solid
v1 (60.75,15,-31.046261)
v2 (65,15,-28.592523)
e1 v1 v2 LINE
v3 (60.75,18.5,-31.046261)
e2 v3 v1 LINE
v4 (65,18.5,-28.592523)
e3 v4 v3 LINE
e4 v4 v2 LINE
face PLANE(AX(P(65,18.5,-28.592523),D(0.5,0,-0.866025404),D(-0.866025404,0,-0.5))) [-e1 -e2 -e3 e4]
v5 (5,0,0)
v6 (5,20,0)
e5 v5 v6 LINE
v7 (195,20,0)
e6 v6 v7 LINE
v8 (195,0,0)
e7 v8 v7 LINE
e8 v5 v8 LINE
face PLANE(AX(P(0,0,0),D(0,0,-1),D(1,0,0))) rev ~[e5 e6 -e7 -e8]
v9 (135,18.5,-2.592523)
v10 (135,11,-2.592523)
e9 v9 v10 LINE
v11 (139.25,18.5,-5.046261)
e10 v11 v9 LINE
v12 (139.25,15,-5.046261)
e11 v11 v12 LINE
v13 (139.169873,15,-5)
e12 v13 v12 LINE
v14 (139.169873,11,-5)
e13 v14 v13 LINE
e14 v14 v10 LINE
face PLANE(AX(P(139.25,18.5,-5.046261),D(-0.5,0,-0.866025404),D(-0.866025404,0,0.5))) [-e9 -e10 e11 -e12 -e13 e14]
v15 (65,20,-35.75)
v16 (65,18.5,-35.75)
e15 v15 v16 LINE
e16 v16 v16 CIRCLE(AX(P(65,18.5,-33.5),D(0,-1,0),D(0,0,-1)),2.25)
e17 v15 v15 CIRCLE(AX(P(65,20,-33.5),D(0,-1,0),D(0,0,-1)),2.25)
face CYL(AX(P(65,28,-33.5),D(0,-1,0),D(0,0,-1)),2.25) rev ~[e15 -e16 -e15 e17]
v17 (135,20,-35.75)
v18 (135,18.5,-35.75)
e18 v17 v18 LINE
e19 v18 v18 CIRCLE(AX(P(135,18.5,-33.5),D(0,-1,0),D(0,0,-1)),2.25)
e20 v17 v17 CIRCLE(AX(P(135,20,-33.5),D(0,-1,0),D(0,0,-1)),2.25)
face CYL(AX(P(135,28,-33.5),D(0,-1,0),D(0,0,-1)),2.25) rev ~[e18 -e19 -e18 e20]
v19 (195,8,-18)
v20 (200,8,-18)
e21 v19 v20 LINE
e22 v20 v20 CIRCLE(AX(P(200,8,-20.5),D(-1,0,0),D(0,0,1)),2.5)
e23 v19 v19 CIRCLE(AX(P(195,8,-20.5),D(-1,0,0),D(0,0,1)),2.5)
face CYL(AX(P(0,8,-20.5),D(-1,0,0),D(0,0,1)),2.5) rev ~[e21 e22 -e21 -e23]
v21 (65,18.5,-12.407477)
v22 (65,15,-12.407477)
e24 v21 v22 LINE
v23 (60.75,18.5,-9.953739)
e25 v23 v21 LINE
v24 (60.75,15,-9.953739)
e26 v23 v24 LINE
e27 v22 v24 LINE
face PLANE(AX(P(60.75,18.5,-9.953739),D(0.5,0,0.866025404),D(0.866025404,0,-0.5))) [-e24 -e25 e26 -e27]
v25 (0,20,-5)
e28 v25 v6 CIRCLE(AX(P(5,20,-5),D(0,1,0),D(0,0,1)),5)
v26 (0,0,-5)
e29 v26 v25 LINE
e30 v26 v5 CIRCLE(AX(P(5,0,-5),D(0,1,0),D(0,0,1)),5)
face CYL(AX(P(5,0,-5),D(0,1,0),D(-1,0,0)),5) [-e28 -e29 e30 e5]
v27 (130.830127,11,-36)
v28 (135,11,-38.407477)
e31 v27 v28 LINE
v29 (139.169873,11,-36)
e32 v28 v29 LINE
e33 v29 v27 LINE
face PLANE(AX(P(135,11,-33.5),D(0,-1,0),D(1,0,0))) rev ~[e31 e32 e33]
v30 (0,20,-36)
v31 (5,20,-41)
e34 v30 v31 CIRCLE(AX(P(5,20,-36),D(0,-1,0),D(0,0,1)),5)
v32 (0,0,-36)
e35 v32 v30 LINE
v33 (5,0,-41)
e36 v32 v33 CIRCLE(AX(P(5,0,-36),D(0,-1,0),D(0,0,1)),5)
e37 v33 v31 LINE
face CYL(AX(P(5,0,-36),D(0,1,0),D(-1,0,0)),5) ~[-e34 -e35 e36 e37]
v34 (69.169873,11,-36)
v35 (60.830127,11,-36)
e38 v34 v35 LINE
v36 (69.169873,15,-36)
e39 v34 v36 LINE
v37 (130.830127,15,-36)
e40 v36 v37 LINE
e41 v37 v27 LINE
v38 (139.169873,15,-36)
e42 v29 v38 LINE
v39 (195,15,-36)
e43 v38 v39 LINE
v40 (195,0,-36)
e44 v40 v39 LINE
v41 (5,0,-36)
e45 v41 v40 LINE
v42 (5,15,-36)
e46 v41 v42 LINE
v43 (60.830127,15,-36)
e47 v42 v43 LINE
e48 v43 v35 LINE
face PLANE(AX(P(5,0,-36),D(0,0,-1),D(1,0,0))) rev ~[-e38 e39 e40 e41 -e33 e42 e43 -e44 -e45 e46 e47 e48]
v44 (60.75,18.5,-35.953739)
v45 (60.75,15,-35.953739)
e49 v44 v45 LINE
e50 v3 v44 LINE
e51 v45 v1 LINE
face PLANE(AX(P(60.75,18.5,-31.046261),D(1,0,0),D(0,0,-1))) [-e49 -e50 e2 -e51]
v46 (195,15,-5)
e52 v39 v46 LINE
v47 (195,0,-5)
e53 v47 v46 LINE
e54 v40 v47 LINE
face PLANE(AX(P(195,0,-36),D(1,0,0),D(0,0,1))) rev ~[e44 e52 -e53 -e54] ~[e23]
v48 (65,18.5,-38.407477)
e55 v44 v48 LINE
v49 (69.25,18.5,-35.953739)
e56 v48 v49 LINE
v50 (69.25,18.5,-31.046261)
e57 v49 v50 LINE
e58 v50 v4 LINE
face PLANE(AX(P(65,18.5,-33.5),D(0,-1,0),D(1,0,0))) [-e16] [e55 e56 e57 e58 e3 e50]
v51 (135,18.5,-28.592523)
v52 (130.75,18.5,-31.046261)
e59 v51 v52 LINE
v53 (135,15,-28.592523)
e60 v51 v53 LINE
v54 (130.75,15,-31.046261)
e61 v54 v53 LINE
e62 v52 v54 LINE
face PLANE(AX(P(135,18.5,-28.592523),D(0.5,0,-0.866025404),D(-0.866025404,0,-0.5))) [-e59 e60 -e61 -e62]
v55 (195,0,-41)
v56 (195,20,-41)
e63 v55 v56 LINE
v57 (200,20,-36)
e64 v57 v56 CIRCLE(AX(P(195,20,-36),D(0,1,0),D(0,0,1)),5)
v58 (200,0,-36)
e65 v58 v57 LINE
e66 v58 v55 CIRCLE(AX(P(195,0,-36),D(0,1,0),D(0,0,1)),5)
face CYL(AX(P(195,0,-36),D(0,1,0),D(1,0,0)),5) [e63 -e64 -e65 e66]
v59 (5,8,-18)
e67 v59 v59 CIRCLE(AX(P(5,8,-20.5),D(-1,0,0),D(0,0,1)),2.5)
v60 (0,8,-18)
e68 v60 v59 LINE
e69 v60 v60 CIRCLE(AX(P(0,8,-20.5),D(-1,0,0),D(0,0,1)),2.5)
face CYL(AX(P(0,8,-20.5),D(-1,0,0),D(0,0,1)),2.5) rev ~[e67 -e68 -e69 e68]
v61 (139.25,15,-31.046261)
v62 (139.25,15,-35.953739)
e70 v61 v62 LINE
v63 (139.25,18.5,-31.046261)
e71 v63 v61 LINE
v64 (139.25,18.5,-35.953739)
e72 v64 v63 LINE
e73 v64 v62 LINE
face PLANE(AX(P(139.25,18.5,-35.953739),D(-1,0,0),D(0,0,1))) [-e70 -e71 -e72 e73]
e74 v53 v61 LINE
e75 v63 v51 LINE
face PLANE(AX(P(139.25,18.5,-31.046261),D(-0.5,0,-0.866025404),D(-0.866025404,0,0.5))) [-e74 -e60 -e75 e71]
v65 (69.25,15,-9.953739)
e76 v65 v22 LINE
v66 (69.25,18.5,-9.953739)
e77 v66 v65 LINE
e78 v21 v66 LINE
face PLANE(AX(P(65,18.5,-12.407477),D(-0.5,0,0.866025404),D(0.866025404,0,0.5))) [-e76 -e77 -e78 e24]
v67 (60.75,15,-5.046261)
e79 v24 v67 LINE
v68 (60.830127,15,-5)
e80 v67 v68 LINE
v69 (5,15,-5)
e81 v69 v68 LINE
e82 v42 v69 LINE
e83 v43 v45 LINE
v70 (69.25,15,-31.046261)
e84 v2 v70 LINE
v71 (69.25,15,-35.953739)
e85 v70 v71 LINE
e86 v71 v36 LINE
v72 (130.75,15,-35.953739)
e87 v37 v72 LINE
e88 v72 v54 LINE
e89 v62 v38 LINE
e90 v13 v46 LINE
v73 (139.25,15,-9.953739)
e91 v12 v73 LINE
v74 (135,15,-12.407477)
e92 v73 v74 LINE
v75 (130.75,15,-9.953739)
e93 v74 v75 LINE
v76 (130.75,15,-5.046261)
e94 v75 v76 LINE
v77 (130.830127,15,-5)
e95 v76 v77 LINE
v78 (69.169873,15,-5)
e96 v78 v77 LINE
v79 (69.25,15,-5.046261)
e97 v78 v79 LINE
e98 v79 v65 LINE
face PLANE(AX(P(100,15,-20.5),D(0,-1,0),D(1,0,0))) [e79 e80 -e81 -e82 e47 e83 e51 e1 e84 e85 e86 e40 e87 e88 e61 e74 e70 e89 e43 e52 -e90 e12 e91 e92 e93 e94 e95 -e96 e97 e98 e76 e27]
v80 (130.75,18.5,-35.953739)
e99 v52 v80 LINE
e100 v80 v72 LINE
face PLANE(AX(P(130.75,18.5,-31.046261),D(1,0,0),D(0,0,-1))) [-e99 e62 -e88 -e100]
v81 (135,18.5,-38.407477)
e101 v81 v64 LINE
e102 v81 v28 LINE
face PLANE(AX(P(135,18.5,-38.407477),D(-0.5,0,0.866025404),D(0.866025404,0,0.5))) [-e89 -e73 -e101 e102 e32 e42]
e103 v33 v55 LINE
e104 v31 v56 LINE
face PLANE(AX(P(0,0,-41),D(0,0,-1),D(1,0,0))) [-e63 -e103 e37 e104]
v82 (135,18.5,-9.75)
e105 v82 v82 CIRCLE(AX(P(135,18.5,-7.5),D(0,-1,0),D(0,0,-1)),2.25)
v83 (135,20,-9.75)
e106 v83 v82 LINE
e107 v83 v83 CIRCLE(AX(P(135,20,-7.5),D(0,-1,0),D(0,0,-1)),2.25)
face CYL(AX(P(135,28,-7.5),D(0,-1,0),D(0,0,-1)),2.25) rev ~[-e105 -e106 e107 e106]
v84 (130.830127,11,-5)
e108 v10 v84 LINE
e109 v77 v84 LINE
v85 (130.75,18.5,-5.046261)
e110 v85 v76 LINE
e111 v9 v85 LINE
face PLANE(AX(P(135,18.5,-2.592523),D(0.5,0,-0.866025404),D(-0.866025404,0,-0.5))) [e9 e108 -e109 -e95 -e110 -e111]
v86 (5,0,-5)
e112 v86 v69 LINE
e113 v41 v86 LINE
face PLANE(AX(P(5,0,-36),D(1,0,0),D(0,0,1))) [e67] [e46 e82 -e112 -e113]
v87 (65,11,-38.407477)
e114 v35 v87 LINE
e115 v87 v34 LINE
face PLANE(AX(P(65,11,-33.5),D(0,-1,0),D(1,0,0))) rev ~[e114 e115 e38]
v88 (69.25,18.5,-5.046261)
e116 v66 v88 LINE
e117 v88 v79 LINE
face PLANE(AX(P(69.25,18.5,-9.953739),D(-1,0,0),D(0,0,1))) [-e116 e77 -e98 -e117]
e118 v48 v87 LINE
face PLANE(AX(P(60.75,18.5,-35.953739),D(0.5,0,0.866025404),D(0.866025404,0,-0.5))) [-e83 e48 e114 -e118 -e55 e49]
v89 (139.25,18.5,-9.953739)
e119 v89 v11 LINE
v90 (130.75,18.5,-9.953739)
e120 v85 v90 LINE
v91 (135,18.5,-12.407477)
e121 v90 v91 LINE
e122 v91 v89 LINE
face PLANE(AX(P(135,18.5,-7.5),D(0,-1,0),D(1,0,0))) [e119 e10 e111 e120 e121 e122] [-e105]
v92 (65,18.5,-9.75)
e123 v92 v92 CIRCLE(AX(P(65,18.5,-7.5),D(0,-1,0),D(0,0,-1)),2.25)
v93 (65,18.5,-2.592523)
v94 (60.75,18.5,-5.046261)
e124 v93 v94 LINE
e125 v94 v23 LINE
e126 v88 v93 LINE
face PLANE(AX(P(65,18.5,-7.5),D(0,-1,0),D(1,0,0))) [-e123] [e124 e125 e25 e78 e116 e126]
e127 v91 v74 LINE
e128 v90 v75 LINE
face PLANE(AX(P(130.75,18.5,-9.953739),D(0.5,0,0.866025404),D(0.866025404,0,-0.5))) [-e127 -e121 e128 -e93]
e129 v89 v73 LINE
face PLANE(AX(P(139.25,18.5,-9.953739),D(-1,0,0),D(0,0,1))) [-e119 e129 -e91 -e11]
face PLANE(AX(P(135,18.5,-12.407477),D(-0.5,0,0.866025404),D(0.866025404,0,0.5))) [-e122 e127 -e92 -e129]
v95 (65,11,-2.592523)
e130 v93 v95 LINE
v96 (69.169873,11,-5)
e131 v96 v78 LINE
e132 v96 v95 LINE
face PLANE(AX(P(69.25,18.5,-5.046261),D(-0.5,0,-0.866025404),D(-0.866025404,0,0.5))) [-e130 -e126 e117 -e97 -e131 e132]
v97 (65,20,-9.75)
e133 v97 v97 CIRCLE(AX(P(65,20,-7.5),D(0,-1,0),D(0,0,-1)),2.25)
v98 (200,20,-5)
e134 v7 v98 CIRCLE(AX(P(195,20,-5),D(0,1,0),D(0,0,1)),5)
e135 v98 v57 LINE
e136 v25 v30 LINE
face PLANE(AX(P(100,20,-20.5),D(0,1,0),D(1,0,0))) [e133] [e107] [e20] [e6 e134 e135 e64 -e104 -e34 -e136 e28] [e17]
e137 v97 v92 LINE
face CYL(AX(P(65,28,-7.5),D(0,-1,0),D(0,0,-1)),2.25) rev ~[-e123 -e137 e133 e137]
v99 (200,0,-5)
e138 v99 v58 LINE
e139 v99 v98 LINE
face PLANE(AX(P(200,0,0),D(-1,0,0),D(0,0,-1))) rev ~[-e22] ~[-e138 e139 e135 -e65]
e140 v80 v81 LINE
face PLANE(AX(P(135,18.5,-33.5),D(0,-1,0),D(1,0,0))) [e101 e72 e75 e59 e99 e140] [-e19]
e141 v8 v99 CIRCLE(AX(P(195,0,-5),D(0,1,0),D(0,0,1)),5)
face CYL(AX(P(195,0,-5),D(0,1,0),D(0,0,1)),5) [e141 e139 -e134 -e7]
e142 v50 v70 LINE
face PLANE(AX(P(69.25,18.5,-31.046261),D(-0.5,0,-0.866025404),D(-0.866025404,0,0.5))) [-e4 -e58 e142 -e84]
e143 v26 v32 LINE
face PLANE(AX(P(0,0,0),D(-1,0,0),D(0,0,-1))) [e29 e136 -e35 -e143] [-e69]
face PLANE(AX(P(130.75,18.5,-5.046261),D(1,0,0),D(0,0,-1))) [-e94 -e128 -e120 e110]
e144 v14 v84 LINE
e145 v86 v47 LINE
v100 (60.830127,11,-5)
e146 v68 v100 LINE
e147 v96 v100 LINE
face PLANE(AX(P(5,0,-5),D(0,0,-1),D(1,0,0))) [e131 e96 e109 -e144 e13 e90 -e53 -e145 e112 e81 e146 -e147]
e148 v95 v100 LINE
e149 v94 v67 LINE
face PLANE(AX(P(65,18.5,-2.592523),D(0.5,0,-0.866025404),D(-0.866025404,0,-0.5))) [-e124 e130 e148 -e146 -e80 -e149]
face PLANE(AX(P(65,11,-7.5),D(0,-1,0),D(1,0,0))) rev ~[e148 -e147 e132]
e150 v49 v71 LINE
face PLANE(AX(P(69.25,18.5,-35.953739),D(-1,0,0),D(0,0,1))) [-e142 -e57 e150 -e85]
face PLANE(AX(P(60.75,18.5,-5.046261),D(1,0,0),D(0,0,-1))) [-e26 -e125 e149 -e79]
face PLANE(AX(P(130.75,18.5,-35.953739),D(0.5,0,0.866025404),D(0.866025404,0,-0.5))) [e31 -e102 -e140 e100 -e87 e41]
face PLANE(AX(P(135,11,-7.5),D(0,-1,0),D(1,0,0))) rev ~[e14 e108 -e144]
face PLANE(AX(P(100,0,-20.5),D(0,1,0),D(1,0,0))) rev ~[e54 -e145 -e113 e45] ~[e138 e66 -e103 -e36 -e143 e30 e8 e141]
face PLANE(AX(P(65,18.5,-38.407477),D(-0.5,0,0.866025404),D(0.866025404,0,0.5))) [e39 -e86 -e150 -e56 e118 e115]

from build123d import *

# Parameters (mm, degrees)
SKETCH1_W                = 200
SKETCH1_H                = 41
BOSS_EXTRUDE1_DEPTH      = 20
FILLET1_R                = 5
SKETCH4_R                = 2.5
CUT_EXTRUDE1_DEPTH       = 206.136539895
SKETCH5_W                = 190
SKETCH5_H                = 31
CUT_EXTRUDE2_DEPTH       = 15
M4_CLEARANCE_HOLE1_D     = 4.5
M4_CLEARANCE_HOLE1_DEPTH = 8
M4_CLEARANCE_HOLE1_TIP   = 1.351936393
CUT_EXTRUDE3_START       = -3.5
CUT_EXTRUDE3_DEPTH       = 7.5
LPATTERN1_COUNT          = 2
LPATTERN1_PITCH          = 70
LPATTERN1_COUNT_DIR2     = 2
LPATTERN1_PITCH_DIR2     = 26


with BuildPart() as part:
    # Sketch1 → Boss-Extrude1 (new body)
    with BuildSketch(Plane(origin=(0, 0, 0), x_dir=(1, 0, 0), z_dir=(0, 1, 0))):
        with Locations((100, 20.5)):
            Rectangle(SKETCH1_W, SKETCH1_H)
    extrude(amount=BOSS_EXTRUDE1_DEPTH)

    # Fillet1
    fillet1_edges = [part.edges().sort_by_distance(p)[0] for p in [
        (0, 10, -41),
        (200, 10, -41),
        (200, 10, 0),
        (0, 10, 0),
    ]]
    fillet(fillet1_edges, radius=FILLET1_R)

    # Sketch4 → Cut-Extrude1 (cut, through all)
    with BuildSketch(Plane.ZY):
        with Locations((-20.5, 8)):
            Circle(SKETCH4_R)
    extrude(amount=-CUT_EXTRUDE1_DEPTH, mode=Mode.SUBTRACT)

    # Sketch5 → Cut-Extrude2 (cut)
    with BuildSketch(Plane.XZ):
        with Locations((100, -20.5)):
            Rectangle(SKETCH5_W, SKETCH5_H)
    extrude(amount=-CUT_EXTRUDE2_DEPTH, mode=Mode.SUBTRACT)

    # M4 Clearance Hole1
    with Locations(Plane(origin=(135, 20, -7.5), x_dir=(0, 0, 1), z_dir=(0, 1, 0))):
        with Locations((0, 0), (-26, -70), (-26, 0), (0, -70)):
            Hole(M4_CLEARANCE_HOLE1_D / 2, depth=M4_CLEARANCE_HOLE1_DEPTH)
            with Locations((0, 0, -(M4_CLEARANCE_HOLE1_DEPTH + M4_CLEARANCE_HOLE1_TIP / 2))):  # 118° drill point
                Cone(0, M4_CLEARANCE_HOLE1_D / 2, M4_CLEARANCE_HOLE1_TIP, mode=Mode.SUBTRACT)

    # Sketch7 → Cut-Extrude3 (cut)
    with BuildSketch(Plane.XZ.offset(-15).offset(CUT_EXTRUDE3_START)):
        Polygon((65, -12.407477288), (69.25, -9.953738644), (69.25, -5.046261356), (65, -2.592522712), (60.75, -5.046261356), (60.75, -9.953738644), align=None)
    cut_extrude3 = extrude(amount=CUT_EXTRUDE3_DEPTH, mode=Mode.SUBTRACT)

    # LPattern1: Cut-Extrude3 2 × 2
    with Locations(*[(i * LPATTERN1_PITCH, 0, -j * LPATTERN1_PITCH_DIR2) for i in range(LPATTERN1_COUNT) for j in range(LPATTERN1_COUNT_DIR2) if (i, j) != (0, 0)]):
        add(cut_extrude3, mode=Mode.SUBTRACT)


solid = part.part
